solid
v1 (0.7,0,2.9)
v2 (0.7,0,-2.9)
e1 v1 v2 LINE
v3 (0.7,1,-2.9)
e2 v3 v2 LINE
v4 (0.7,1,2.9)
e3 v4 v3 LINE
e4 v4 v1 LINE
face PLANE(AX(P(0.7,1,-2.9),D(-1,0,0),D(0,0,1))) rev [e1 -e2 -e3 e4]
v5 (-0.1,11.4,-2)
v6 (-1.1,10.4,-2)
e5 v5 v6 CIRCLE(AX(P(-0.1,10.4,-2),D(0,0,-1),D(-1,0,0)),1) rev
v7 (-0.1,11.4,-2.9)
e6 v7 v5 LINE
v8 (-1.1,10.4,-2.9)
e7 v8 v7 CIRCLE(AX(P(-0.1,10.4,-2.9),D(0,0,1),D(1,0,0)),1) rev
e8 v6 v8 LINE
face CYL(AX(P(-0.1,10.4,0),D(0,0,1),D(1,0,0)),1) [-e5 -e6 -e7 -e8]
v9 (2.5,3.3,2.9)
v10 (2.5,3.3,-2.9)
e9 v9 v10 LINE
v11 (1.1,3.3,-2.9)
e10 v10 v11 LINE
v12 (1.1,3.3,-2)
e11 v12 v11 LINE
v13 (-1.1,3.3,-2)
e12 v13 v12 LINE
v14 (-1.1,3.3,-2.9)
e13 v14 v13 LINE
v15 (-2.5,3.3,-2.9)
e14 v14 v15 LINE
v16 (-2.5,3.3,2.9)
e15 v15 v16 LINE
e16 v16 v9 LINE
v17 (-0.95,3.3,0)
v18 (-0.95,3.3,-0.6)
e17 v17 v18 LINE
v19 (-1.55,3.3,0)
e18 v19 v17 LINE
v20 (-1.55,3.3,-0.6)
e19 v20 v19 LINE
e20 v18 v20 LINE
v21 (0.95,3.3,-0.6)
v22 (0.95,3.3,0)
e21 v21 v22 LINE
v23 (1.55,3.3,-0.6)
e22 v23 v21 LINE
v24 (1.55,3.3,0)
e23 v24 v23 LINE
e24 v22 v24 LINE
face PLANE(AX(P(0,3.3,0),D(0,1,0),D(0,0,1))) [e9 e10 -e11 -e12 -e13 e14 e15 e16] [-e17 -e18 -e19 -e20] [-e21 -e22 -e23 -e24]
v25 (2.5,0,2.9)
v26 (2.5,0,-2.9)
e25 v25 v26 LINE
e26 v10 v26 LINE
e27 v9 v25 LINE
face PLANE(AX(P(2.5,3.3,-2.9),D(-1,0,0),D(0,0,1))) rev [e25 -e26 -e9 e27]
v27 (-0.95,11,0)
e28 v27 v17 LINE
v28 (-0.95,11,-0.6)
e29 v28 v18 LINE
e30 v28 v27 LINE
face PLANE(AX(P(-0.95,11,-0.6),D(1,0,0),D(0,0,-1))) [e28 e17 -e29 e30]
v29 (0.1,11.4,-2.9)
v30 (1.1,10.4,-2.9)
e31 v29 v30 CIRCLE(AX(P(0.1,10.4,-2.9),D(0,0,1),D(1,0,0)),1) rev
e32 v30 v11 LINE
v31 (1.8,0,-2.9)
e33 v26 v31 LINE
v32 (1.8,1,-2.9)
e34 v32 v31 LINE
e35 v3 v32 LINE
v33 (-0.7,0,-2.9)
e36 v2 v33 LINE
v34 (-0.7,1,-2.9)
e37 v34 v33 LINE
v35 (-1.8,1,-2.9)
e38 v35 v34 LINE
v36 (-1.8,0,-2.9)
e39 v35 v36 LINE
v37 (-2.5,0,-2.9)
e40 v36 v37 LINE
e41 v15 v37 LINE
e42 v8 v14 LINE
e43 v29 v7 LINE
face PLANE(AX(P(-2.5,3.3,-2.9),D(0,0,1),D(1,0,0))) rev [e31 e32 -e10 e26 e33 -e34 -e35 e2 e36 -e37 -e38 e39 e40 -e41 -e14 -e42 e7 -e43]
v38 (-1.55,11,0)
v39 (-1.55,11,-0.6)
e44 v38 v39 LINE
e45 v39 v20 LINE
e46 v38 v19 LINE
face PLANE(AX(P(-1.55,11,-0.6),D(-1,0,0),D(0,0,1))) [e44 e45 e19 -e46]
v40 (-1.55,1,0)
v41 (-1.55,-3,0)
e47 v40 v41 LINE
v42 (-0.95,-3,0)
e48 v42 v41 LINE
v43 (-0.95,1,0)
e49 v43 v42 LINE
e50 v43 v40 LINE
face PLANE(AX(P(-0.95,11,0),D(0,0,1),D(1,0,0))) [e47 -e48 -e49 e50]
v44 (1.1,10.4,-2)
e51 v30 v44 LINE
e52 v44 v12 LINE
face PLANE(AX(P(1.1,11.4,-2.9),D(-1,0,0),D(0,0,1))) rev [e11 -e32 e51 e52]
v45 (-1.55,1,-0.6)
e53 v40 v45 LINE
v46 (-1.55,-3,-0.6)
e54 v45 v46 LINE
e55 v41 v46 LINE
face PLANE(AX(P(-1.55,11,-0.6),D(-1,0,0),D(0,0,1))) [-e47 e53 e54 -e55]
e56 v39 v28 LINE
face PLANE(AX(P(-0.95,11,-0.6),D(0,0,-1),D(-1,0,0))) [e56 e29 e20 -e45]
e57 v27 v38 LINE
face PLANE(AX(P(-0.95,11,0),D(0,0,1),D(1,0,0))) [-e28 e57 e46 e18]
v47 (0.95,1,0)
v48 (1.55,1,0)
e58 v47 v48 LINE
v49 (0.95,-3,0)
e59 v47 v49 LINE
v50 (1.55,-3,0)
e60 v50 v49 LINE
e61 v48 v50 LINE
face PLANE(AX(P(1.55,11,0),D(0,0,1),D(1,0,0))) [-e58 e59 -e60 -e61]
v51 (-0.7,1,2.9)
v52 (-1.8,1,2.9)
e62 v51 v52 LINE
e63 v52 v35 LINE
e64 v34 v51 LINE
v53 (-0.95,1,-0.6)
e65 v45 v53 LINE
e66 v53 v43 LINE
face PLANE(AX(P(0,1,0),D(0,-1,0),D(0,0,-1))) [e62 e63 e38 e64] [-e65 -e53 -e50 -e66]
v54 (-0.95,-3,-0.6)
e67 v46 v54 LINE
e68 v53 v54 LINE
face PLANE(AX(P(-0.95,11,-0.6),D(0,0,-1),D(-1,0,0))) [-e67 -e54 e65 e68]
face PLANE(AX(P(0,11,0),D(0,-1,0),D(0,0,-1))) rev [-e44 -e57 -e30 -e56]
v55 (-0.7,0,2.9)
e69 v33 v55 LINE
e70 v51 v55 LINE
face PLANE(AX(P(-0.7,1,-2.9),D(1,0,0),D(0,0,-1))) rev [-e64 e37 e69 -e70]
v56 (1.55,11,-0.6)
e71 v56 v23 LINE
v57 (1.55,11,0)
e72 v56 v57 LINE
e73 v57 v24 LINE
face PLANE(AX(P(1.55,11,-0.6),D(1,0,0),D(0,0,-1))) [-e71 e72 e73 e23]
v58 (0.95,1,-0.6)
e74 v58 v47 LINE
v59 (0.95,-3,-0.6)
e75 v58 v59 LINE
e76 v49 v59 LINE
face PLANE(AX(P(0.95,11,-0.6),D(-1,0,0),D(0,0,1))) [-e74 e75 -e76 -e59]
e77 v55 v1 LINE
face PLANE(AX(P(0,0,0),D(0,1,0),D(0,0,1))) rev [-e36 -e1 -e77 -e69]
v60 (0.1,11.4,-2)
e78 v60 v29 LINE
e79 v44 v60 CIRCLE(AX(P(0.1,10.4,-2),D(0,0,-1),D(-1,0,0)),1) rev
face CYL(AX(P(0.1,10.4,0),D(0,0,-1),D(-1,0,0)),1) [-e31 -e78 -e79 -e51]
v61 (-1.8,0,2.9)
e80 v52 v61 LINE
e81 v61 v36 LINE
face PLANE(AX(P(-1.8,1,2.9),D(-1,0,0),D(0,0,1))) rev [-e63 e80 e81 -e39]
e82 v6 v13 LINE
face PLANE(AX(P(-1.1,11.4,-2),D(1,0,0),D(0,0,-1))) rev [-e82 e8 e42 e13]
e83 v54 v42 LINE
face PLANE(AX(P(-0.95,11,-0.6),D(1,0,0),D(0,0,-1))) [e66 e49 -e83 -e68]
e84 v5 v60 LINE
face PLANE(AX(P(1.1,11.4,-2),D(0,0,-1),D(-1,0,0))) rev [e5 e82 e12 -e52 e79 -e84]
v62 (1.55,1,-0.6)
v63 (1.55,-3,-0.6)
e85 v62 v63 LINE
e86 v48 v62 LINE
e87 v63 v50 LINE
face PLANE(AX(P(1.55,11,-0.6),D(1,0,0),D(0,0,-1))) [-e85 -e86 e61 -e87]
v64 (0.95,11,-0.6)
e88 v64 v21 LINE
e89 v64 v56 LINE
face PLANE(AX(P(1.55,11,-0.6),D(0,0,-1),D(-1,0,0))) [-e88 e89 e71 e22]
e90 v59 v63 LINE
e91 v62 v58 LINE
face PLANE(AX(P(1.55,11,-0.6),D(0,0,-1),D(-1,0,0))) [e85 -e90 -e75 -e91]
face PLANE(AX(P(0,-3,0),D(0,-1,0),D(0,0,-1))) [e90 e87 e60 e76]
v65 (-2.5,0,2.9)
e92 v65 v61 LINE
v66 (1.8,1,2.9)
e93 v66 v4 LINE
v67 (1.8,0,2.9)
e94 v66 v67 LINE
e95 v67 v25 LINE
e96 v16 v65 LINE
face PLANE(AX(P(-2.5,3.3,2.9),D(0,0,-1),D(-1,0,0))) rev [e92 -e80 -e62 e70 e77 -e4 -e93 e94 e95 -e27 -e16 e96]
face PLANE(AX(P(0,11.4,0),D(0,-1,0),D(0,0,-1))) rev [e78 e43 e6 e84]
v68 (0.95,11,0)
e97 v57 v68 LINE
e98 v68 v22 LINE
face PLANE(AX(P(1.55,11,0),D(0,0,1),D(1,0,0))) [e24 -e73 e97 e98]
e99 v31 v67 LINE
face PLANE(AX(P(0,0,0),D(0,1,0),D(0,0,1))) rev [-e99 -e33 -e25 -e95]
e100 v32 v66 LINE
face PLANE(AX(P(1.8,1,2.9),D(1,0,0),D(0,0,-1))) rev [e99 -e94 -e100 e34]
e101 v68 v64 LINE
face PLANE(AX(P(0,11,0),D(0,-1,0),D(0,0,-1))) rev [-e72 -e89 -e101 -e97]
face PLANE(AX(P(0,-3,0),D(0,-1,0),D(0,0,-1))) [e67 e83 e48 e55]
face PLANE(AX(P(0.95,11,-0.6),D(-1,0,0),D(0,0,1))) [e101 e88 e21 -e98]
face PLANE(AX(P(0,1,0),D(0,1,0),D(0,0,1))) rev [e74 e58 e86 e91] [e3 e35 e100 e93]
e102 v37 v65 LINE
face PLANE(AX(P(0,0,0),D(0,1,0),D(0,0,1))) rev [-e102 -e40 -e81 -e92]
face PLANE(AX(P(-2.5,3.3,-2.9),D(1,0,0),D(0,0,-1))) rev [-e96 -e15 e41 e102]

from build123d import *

# Parameters (mm, degrees)
CROQUIS1_W                   = 5
CROQUIS1_H                   = 5.8
SALIENTE_EXTRUIR1_DEPTH      = 3.3
CROQUIS4_W                   = 1.1
CROQUIS4_H                   = 5.8
CORTAR_EXTRUIR1_DEPTH        = 1
CROQUIS5_W                   = 2.2
CROQUIS5_H                   = 0.9
SALIENTE_EXTRUIR2_DEPTH      = 8.1
REDONDEO4_R                  = 1
REDONDEO5_R                  = 1
SALIENTE_EXTRUIR3_DEPTH      = 4
SALIENTE_EXTRUIR3_DEPTH_BACK = 10
CROQUIS6_W                   = 0.6
CROQUIS6_H                   = 0.6


with BuildPart() as part:
    # Croquis1 → Saliente-Extruir1 (new body)
    with BuildSketch(Plane(origin=(0, 0, 0), x_dir=(1, 0, 0), z_dir=(0, 1, 0))):
        Rectangle(CROQUIS1_W, CROQUIS1_H)
    extrude(amount=SALIENTE_EXTRUIR1_DEPTH)

    # Croquis4 → Cortar-Extruir1 (cut)
    with BuildSketch(Plane.XZ):
        with Locations((-1.25, 0)):
            Rectangle(CROQUIS4_W, CROQUIS4_H)
        with Locations((1.25, 0)):
            Rectangle(CROQUIS4_W, CROQUIS4_H)
    extrude(amount=-CORTAR_EXTRUIR1_DEPTH, mode=Mode.SUBTRACT)

    # Croquis5 → Saliente-Extruir2 (add)
    with BuildSketch(Plane(origin=(0, 3.3, 0), x_dir=(1, 0, 0), z_dir=(0, 1, 0))):
        with Locations((0, 2.45)):
            Rectangle(CROQUIS5_W, CROQUIS5_H)
    extrude(amount=SALIENTE_EXTRUIR2_DEPTH)

    # Redondeo4
    redondeo4_edges = [part.edges().sort_by_distance(p)[0] for p in [
        (-1.1, 11.4, -2.45),
    ]]
    fillet(redondeo4_edges, radius=REDONDEO4_R)

    # Redondeo5
    redondeo5_edges = [part.edges().sort_by_distance(p)[0] for p in [
        (1.1, 11.4, -2.45),
    ]]
    fillet(redondeo5_edges, radius=REDONDEO5_R)

    # Croquis6 → Saliente-Extruir3 (add, two sides: drawn at the far end of the back side and taken through both)
    with BuildSketch(Plane.XZ.offset(-1).offset(-SALIENTE_EXTRUIR3_DEPTH_BACK)):
        with Locations((1.25, -0.3)):
            Rectangle(CROQUIS6_W, CROQUIS6_H)
        with Locations((-1.25, -0.3)):
            Rectangle(CROQUIS6_W, CROQUIS6_H)
    extrude(amount=SALIENTE_EXTRUIR3_DEPTH + SALIENTE_EXTRUIR3_DEPTH_BACK)


solid = part.part
